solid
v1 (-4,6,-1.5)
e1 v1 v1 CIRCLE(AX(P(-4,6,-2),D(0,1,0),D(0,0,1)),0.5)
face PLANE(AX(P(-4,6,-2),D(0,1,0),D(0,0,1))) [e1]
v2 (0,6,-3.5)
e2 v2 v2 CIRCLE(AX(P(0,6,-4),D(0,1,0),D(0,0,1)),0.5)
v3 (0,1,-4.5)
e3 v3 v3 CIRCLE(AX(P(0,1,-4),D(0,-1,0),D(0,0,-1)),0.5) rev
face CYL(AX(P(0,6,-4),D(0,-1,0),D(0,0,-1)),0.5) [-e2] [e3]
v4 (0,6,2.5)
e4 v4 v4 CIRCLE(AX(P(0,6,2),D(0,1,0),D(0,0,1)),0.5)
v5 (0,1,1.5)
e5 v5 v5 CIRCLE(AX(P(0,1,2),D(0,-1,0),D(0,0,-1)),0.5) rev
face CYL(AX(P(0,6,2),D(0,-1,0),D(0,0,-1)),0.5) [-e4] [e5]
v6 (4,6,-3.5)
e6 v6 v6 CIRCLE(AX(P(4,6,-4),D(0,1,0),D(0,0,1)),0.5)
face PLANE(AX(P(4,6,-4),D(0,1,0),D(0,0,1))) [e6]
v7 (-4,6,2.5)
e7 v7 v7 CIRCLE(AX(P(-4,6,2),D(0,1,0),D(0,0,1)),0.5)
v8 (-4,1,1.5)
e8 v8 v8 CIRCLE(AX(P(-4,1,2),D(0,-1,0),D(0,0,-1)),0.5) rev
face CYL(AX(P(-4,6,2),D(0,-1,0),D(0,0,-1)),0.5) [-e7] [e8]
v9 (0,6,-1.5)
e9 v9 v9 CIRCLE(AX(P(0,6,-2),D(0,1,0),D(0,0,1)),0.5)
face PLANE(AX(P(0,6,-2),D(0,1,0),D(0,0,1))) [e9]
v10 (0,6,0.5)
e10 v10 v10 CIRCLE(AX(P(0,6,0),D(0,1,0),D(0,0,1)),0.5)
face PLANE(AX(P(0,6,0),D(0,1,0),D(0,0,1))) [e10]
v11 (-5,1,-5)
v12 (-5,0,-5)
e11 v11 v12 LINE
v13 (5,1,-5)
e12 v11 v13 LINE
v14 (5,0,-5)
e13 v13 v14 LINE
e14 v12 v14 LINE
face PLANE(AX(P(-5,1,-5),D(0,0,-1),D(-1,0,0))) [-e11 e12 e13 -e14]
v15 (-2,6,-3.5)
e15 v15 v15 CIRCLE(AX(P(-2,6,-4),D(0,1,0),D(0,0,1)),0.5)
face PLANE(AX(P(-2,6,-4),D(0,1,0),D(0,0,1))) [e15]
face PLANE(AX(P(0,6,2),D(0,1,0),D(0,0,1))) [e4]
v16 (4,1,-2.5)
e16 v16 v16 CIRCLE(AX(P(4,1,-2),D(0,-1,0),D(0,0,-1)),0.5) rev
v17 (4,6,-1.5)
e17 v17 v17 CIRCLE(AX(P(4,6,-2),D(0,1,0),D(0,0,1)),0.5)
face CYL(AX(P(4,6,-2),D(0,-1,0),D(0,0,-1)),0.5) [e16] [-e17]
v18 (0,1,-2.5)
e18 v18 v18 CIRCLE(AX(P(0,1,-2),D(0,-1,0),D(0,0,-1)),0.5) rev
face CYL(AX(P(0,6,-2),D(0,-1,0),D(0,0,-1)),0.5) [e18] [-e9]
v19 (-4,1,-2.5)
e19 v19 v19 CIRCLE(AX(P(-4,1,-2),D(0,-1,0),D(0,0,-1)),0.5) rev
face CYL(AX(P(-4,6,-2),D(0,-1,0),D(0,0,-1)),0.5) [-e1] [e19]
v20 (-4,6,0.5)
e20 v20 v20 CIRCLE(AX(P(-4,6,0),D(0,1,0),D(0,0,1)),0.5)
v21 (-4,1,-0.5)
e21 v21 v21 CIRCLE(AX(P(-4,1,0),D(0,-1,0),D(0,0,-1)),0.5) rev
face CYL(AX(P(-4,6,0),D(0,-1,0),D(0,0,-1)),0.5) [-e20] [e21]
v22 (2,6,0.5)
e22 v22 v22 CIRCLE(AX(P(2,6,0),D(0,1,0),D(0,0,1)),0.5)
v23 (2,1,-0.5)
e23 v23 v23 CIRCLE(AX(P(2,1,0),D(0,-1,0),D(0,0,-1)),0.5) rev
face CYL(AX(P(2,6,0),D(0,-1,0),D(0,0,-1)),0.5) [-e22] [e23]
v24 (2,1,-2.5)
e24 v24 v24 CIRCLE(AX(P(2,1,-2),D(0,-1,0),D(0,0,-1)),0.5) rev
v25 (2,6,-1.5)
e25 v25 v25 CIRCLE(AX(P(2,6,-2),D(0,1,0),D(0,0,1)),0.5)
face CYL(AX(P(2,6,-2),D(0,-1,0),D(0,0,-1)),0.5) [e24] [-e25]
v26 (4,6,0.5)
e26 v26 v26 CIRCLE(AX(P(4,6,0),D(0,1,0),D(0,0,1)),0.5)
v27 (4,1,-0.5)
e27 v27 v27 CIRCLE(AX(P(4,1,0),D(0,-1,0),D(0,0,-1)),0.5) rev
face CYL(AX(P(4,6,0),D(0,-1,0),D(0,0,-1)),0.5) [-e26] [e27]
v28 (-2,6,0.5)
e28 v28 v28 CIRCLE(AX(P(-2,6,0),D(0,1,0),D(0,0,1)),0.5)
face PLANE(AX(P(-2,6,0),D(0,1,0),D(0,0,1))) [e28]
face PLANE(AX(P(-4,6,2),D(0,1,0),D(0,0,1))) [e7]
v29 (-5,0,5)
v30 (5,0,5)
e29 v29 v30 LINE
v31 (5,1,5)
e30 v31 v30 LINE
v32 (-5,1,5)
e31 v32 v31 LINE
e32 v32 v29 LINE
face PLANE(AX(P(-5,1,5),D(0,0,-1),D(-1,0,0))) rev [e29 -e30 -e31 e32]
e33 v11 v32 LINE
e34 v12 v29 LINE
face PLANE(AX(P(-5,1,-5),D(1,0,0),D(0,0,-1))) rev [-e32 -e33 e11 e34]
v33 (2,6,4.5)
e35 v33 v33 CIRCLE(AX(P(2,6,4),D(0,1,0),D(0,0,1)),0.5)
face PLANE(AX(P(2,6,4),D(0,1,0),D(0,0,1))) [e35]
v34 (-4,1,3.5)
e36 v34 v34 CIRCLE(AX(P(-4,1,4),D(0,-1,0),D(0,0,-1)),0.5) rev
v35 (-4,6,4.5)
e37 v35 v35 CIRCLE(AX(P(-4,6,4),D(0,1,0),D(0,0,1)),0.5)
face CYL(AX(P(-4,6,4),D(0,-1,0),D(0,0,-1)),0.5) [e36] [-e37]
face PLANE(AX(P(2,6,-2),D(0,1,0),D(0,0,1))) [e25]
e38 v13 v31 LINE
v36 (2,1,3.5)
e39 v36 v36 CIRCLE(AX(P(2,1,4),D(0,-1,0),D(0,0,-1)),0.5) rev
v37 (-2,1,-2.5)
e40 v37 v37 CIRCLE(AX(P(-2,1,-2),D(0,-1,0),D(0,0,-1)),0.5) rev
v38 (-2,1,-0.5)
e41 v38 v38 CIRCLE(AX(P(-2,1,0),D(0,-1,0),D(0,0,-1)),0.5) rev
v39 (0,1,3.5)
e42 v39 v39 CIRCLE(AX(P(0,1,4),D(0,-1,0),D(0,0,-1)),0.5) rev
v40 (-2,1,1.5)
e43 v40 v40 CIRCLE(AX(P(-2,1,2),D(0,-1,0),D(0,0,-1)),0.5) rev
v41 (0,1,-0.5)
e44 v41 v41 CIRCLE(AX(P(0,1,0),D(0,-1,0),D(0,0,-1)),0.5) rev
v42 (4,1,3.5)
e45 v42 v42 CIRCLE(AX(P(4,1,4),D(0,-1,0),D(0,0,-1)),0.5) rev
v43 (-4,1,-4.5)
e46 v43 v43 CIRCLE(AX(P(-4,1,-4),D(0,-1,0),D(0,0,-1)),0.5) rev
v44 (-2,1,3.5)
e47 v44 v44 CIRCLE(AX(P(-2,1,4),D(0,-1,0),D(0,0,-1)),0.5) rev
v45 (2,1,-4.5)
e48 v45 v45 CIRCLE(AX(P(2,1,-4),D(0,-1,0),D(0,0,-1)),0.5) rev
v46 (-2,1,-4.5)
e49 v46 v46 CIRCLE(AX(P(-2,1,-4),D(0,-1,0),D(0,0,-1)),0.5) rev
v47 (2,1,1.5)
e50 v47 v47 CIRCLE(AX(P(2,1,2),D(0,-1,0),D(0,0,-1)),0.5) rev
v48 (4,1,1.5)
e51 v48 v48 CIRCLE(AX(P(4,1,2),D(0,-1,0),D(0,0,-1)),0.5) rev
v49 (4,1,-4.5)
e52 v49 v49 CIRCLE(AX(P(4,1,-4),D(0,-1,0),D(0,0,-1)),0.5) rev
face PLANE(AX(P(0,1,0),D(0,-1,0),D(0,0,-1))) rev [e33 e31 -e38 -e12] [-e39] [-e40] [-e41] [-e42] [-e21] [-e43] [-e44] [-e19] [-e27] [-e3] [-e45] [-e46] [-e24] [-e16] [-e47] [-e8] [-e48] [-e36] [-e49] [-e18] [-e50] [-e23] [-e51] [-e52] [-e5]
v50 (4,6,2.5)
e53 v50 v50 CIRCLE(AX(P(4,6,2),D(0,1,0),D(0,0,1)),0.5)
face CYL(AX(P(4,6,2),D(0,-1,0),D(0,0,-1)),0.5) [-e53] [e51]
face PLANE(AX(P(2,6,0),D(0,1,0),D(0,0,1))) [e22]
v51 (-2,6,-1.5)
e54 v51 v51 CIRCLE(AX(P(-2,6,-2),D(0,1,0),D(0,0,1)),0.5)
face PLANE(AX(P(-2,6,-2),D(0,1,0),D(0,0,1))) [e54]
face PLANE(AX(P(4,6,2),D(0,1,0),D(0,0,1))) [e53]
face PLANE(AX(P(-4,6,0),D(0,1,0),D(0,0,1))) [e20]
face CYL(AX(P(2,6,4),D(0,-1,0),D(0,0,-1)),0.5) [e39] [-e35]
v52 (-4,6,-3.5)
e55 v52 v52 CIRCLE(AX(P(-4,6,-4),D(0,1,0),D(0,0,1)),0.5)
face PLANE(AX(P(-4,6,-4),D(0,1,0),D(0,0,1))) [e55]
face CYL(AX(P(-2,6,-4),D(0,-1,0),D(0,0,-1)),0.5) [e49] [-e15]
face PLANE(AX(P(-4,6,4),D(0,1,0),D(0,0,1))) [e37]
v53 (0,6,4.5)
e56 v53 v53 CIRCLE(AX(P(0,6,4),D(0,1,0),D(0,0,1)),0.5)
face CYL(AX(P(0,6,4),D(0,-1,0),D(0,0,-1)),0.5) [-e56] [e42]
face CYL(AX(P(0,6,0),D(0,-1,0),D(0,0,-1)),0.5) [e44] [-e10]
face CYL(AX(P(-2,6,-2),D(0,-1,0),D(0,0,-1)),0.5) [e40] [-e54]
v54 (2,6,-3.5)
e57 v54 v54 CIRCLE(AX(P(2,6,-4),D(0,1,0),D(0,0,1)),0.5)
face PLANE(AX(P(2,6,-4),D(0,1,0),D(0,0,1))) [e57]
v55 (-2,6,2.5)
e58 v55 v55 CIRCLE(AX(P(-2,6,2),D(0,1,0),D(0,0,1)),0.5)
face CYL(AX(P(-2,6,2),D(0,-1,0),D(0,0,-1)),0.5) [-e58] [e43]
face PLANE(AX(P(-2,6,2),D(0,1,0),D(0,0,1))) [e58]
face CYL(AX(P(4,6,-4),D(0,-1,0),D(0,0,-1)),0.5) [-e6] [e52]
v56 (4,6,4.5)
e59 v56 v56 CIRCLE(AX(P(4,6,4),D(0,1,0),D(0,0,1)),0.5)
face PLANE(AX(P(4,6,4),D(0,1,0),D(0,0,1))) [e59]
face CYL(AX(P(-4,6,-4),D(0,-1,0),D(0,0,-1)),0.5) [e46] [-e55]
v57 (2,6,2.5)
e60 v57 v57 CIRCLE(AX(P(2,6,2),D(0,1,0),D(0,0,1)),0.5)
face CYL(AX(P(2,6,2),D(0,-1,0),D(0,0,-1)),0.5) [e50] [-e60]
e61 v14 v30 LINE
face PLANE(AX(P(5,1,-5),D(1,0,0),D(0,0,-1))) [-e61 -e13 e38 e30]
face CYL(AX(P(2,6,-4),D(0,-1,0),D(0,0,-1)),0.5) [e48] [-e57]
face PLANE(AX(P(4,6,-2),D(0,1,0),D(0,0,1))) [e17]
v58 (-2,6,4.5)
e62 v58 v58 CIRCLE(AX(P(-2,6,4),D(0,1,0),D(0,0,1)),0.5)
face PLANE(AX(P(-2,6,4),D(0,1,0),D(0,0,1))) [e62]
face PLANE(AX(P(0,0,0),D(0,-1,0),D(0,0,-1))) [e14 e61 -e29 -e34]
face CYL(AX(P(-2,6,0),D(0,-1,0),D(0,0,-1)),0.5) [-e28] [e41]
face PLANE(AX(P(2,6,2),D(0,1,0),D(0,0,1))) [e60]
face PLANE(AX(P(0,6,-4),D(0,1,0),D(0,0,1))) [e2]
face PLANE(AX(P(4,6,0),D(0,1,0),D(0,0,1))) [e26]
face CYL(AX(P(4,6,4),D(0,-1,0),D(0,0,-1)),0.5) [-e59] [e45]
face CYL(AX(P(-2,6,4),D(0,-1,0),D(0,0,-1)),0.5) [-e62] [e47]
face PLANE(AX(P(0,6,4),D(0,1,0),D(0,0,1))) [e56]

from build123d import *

# Parameters (mm, degrees)
SKETCH_1_W                        = 10
SKETCH_1_H                        = 10
EXTRUDE_1_DEPTH                   = 1
SKETCH_2_R                        = 0.5
EXTRUDE_2_DEPTH                   = 5
PATTERN_LINEAR_1_COUNT            = 5
PATTERN_LINEAR_1_PITCH            = 2
PATTERN_LINEAR_2_COUNT            = 5
PATTERN_LINEAR_2_PITCH            = 2
PATTERN_LINEAR_2_COPY_1_SKETCH_R  = 0.5
PATTERN_LINEAR_2_COPY_1_DEPTH     = 5
PATTERN_LINEAR_2_COPY_2_SKETCH_R  = 0.5
PATTERN_LINEAR_2_COPY_2_DEPTH     = 5
PATTERN_LINEAR_2_COPY_3_SKETCH_R  = 0.5
PATTERN_LINEAR_2_COPY_3_DEPTH     = 5
PATTERN_LINEAR_2_COPY_4_SKETCH_R  = 0.5
PATTERN_LINEAR_2_COPY_4_DEPTH     = 5
PATTERN_LINEAR_2_COPY_5_SKETCH_R  = 0.5
PATTERN_LINEAR_2_COPY_5_DEPTH     = 5
PATTERN_LINEAR_2_COPY_6_SKETCH_R  = 0.5
PATTERN_LINEAR_2_COPY_6_DEPTH     = 5
PATTERN_LINEAR_2_COPY_7_SKETCH_R  = 0.5
PATTERN_LINEAR_2_COPY_7_DEPTH     = 5
PATTERN_LINEAR_2_COPY_8_SKETCH_R  = 0.5
PATTERN_LINEAR_2_COPY_8_DEPTH     = 5
PATTERN_LINEAR_2_COPY_9_SKETCH_R  = 0.5
PATTERN_LINEAR_2_COPY_9_DEPTH     = 5
PATTERN_LINEAR_2_COPY_10_SKETCH_R = 0.5
PATTERN_LINEAR_2_COPY_10_DEPTH    = 5
PATTERN_LINEAR_2_COPY_11_SKETCH_R = 0.5
PATTERN_LINEAR_2_COPY_11_DEPTH    = 5
PATTERN_LINEAR_2_COPY_12_SKETCH_R = 0.5
PATTERN_LINEAR_2_COPY_12_DEPTH    = 5
PATTERN_LINEAR_2_COPY_13_SKETCH_R = 0.5
PATTERN_LINEAR_2_COPY_13_DEPTH    = 5
PATTERN_LINEAR_2_COPY_14_SKETCH_R = 0.5
PATTERN_LINEAR_2_COPY_14_DEPTH    = 5
PATTERN_LINEAR_2_COPY_15_SKETCH_R = 0.5
PATTERN_LINEAR_2_COPY_15_DEPTH    = 5
PATTERN_LINEAR_2_COPY_16_SKETCH_R = 0.5
PATTERN_LINEAR_2_COPY_16_DEPTH    = 5


with BuildPart() as part:
    # 草圖1 → 填料-伸長1 (new body)
    with BuildSketch(Plane(origin=(0, 0, 0), x_dir=(1, 0, 0), z_dir=(0, 1, 0))):
        Rectangle(SKETCH_1_W, SKETCH_1_H)
    extrude(amount=EXTRUDE_1_DEPTH)

    # 草圖2 → 填料-伸長2 (add)
    with BuildSketch(Plane(origin=(0, 1, 0), x_dir=(1, 0, 0), z_dir=(0, 1, 0))):
        with Locations(Location((-4, 4, 0), (0, 0, 90))):
            Circle(SKETCH_2_R)
    extrude_2 = extrude(amount=EXTRUDE_2_DEPTH)

    # 直線複製排列1: 填料-伸長2 ×5
    with Locations(*[(i * PATTERN_LINEAR_1_PITCH, 0, 0) for i in range(1, PATTERN_LINEAR_1_COUNT)]):
        add(extrude_2)

    # 直線複製排列2: 填料-伸長2 ×5
    with Locations(*[(0, 0, i * PATTERN_LINEAR_2_PITCH) for i in range(1, PATTERN_LINEAR_2_COUNT)]):
        add(extrude_2)

    # 直線複製排列2 copy 1 sketch → 直線複製排列2 copy 1 (add)
    with BuildSketch(Plane(origin=(2, 1, 2), x_dir=(1, 0, 0), z_dir=(0, 1, 0))):
        with Locations(Location((-4, 4, 0), (0, 0, 90))):
            Circle(PATTERN_LINEAR_2_COPY_1_SKETCH_R)
    extrude(amount=PATTERN_LINEAR_2_COPY_1_DEPTH)

    # 直線複製排列2 copy 2 sketch → 直線複製排列2 copy 2 (add)
    with BuildSketch(Plane(origin=(2, 1, 4), x_dir=(1, 0, 0), z_dir=(0, 1, 0))):
        with Locations(Location((-4, 4, 0), (0, 0, 90))):
            Circle(PATTERN_LINEAR_2_COPY_2_SKETCH_R)
    extrude(amount=PATTERN_LINEAR_2_COPY_2_DEPTH)

    # 直線複製排列2 copy 3 sketch → 直線複製排列2 copy 3 (add)
    with BuildSketch(Plane(origin=(2, 1, 6), x_dir=(1, 0, 0), z_dir=(0, 1, 0))):
        with Locations(Location((-4, 4, 0), (0, 0, 90))):
            Circle(PATTERN_LINEAR_2_COPY_3_SKETCH_R)
    extrude(amount=PATTERN_LINEAR_2_COPY_3_DEPTH)

    # 直線複製排列2 copy 4 sketch → 直線複製排列2 copy 4 (add)
    with BuildSketch(Plane(origin=(2, 1, 8), x_dir=(1, 0, 0), z_dir=(0, 1, 0))):
        with Locations(Location((-4, 4, 0), (0, 0, 90))):
            Circle(PATTERN_LINEAR_2_COPY_4_SKETCH_R)
    extrude(amount=PATTERN_LINEAR_2_COPY_4_DEPTH)

    # 直線複製排列2 copy 5 sketch → 直線複製排列2 copy 5 (add)
    with BuildSketch(Plane(origin=(4, 1, 2), x_dir=(1, 0, 0), z_dir=(0, 1, 0))):
        with Locations(Location((-4, 4, 0), (0, 0, 90))):
            Circle(PATTERN_LINEAR_2_COPY_5_SKETCH_R)
    extrude(amount=PATTERN_LINEAR_2_COPY_5_DEPTH)

    # 直線複製排列2 copy 6 sketch → 直線複製排列2 copy 6 (add)
    with BuildSketch(Plane(origin=(4, 1, 4), x_dir=(1, 0, 0), z_dir=(0, 1, 0))):
        with Locations(Location((-4, 4, 0), (0, 0, 90))):
            Circle(PATTERN_LINEAR_2_COPY_6_SKETCH_R)
    extrude(amount=PATTERN_LINEAR_2_COPY_6_DEPTH)

    # 直線複製排列2 copy 7 sketch → 直線複製排列2 copy 7 (add)
    with BuildSketch(Plane(origin=(4, 1, 6), x_dir=(1, 0, 0), z_dir=(0, 1, 0))):
        with Locations(Location((-4, 4, 0), (0, 0, 90))):
            Circle(PATTERN_LINEAR_2_COPY_7_SKETCH_R)
    extrude(amount=PATTERN_LINEAR_2_COPY_7_DEPTH)

    # 直線複製排列2 copy 8 sketch → 直線複製排列2 copy 8 (add)
    with BuildSketch(Plane(origin=(4, 1, 8), x_dir=(1, 0, 0), z_dir=(0, 1, 0))):
        with Locations(Location((-4, 4, 0), (0, 0, 90))):
            Circle(PATTERN_LINEAR_2_COPY_8_SKETCH_R)
    extrude(amount=PATTERN_LINEAR_2_COPY_8_DEPTH)

    # 直線複製排列2 copy 9 sketch → 直線複製排列2 copy 9 (add)
    with BuildSketch(Plane(origin=(6, 1, 2), x_dir=(1, 0, 0), z_dir=(0, 1, 0))):
        with Locations(Location((-4, 4, 0), (0, 0, 90))):
            Circle(PATTERN_LINEAR_2_COPY_9_SKETCH_R)
    extrude(amount=PATTERN_LINEAR_2_COPY_9_DEPTH)

    # 直線複製排列2 copy 10 sketch → 直線複製排列2 copy 10 (add)
    with BuildSketch(Plane(origin=(6, 1, 4), x_dir=(1, 0, 0), z_dir=(0, 1, 0))):
        with Locations(Location((-4, 4, 0), (0, 0, 90))):
            Circle(PATTERN_LINEAR_2_COPY_10_SKETCH_R)
    extrude(amount=PATTERN_LINEAR_2_COPY_10_DEPTH)

    # 直線複製排列2 copy 11 sketch → 直線複製排列2 copy 11 (add)
    with BuildSketch(Plane(origin=(6, 1, 6), x_dir=(1, 0, 0), z_dir=(0, 1, 0))):
        with Locations(Location((-4, 4, 0), (0, 0, 90))):
            Circle(PATTERN_LINEAR_2_COPY_11_SKETCH_R)
    extrude(amount=PATTERN_LINEAR_2_COPY_11_DEPTH)

    # 直線複製排列2 copy 12 sketch → 直線複製排列2 copy 12 (add)
    with BuildSketch(Plane(origin=(6, 1, 8), x_dir=(1, 0, 0), z_dir=(0, 1, 0))):
        with Locations(Location((-4, 4, 0), (0, 0, 90))):
            Circle(PATTERN_LINEAR_2_COPY_12_SKETCH_R)
    extrude(amount=PATTERN_LINEAR_2_COPY_12_DEPTH)

    # 直線複製排列2 copy 13 sketch → 直線複製排列2 copy 13 (add)
    with BuildSketch(Plane(origin=(8, 1, 2), x_dir=(1, 0, 0), z_dir=(0, 1, 0))):
        with Locations(Location((-4, 4, 0), (0, 0, 90))):
            Circle(PATTERN_LINEAR_2_COPY_13_SKETCH_R)
    extrude(amount=PATTERN_LINEAR_2_COPY_13_DEPTH)

    # 直線複製排列2 copy 14 sketch → 直線複製排列2 copy 14 (add)
    with BuildSketch(Plane(origin=(8, 1, 4), x_dir=(1, 0, 0), z_dir=(0, 1, 0))):
        with Locations(Location((-4, 4, 0), (0, 0, 90))):
            Circle(PATTERN_LINEAR_2_COPY_14_SKETCH_R)
    extrude(amount=PATTERN_LINEAR_2_COPY_14_DEPTH)

    # 直線複製排列2 copy 15 sketch → 直線複製排列2 copy 15 (add)
    with BuildSketch(Plane(origin=(8, 1, 6), x_dir=(1, 0, 0), z_dir=(0, 1, 0))):
        with Locations(Location((-4, 4, 0), (0, 0, 90))):
            Circle(PATTERN_LINEAR_2_COPY_15_SKETCH_R)
    extrude(amount=PATTERN_LINEAR_2_COPY_15_DEPTH)

    # 直線複製排列2 copy 16 sketch → 直線複製排列2 copy 16 (add)
    with BuildSketch(Plane(origin=(8, 1, 8), x_dir=(1, 0, 0), z_dir=(0, 1, 0))):
        with Locations(Location((-4, 4, 0), (0, 0, 90))):
            Circle(PATTERN_LINEAR_2_COPY_16_SKETCH_R)
    extrude(amount=PATTERN_LINEAR_2_COPY_16_DEPTH)


solid = part.part
